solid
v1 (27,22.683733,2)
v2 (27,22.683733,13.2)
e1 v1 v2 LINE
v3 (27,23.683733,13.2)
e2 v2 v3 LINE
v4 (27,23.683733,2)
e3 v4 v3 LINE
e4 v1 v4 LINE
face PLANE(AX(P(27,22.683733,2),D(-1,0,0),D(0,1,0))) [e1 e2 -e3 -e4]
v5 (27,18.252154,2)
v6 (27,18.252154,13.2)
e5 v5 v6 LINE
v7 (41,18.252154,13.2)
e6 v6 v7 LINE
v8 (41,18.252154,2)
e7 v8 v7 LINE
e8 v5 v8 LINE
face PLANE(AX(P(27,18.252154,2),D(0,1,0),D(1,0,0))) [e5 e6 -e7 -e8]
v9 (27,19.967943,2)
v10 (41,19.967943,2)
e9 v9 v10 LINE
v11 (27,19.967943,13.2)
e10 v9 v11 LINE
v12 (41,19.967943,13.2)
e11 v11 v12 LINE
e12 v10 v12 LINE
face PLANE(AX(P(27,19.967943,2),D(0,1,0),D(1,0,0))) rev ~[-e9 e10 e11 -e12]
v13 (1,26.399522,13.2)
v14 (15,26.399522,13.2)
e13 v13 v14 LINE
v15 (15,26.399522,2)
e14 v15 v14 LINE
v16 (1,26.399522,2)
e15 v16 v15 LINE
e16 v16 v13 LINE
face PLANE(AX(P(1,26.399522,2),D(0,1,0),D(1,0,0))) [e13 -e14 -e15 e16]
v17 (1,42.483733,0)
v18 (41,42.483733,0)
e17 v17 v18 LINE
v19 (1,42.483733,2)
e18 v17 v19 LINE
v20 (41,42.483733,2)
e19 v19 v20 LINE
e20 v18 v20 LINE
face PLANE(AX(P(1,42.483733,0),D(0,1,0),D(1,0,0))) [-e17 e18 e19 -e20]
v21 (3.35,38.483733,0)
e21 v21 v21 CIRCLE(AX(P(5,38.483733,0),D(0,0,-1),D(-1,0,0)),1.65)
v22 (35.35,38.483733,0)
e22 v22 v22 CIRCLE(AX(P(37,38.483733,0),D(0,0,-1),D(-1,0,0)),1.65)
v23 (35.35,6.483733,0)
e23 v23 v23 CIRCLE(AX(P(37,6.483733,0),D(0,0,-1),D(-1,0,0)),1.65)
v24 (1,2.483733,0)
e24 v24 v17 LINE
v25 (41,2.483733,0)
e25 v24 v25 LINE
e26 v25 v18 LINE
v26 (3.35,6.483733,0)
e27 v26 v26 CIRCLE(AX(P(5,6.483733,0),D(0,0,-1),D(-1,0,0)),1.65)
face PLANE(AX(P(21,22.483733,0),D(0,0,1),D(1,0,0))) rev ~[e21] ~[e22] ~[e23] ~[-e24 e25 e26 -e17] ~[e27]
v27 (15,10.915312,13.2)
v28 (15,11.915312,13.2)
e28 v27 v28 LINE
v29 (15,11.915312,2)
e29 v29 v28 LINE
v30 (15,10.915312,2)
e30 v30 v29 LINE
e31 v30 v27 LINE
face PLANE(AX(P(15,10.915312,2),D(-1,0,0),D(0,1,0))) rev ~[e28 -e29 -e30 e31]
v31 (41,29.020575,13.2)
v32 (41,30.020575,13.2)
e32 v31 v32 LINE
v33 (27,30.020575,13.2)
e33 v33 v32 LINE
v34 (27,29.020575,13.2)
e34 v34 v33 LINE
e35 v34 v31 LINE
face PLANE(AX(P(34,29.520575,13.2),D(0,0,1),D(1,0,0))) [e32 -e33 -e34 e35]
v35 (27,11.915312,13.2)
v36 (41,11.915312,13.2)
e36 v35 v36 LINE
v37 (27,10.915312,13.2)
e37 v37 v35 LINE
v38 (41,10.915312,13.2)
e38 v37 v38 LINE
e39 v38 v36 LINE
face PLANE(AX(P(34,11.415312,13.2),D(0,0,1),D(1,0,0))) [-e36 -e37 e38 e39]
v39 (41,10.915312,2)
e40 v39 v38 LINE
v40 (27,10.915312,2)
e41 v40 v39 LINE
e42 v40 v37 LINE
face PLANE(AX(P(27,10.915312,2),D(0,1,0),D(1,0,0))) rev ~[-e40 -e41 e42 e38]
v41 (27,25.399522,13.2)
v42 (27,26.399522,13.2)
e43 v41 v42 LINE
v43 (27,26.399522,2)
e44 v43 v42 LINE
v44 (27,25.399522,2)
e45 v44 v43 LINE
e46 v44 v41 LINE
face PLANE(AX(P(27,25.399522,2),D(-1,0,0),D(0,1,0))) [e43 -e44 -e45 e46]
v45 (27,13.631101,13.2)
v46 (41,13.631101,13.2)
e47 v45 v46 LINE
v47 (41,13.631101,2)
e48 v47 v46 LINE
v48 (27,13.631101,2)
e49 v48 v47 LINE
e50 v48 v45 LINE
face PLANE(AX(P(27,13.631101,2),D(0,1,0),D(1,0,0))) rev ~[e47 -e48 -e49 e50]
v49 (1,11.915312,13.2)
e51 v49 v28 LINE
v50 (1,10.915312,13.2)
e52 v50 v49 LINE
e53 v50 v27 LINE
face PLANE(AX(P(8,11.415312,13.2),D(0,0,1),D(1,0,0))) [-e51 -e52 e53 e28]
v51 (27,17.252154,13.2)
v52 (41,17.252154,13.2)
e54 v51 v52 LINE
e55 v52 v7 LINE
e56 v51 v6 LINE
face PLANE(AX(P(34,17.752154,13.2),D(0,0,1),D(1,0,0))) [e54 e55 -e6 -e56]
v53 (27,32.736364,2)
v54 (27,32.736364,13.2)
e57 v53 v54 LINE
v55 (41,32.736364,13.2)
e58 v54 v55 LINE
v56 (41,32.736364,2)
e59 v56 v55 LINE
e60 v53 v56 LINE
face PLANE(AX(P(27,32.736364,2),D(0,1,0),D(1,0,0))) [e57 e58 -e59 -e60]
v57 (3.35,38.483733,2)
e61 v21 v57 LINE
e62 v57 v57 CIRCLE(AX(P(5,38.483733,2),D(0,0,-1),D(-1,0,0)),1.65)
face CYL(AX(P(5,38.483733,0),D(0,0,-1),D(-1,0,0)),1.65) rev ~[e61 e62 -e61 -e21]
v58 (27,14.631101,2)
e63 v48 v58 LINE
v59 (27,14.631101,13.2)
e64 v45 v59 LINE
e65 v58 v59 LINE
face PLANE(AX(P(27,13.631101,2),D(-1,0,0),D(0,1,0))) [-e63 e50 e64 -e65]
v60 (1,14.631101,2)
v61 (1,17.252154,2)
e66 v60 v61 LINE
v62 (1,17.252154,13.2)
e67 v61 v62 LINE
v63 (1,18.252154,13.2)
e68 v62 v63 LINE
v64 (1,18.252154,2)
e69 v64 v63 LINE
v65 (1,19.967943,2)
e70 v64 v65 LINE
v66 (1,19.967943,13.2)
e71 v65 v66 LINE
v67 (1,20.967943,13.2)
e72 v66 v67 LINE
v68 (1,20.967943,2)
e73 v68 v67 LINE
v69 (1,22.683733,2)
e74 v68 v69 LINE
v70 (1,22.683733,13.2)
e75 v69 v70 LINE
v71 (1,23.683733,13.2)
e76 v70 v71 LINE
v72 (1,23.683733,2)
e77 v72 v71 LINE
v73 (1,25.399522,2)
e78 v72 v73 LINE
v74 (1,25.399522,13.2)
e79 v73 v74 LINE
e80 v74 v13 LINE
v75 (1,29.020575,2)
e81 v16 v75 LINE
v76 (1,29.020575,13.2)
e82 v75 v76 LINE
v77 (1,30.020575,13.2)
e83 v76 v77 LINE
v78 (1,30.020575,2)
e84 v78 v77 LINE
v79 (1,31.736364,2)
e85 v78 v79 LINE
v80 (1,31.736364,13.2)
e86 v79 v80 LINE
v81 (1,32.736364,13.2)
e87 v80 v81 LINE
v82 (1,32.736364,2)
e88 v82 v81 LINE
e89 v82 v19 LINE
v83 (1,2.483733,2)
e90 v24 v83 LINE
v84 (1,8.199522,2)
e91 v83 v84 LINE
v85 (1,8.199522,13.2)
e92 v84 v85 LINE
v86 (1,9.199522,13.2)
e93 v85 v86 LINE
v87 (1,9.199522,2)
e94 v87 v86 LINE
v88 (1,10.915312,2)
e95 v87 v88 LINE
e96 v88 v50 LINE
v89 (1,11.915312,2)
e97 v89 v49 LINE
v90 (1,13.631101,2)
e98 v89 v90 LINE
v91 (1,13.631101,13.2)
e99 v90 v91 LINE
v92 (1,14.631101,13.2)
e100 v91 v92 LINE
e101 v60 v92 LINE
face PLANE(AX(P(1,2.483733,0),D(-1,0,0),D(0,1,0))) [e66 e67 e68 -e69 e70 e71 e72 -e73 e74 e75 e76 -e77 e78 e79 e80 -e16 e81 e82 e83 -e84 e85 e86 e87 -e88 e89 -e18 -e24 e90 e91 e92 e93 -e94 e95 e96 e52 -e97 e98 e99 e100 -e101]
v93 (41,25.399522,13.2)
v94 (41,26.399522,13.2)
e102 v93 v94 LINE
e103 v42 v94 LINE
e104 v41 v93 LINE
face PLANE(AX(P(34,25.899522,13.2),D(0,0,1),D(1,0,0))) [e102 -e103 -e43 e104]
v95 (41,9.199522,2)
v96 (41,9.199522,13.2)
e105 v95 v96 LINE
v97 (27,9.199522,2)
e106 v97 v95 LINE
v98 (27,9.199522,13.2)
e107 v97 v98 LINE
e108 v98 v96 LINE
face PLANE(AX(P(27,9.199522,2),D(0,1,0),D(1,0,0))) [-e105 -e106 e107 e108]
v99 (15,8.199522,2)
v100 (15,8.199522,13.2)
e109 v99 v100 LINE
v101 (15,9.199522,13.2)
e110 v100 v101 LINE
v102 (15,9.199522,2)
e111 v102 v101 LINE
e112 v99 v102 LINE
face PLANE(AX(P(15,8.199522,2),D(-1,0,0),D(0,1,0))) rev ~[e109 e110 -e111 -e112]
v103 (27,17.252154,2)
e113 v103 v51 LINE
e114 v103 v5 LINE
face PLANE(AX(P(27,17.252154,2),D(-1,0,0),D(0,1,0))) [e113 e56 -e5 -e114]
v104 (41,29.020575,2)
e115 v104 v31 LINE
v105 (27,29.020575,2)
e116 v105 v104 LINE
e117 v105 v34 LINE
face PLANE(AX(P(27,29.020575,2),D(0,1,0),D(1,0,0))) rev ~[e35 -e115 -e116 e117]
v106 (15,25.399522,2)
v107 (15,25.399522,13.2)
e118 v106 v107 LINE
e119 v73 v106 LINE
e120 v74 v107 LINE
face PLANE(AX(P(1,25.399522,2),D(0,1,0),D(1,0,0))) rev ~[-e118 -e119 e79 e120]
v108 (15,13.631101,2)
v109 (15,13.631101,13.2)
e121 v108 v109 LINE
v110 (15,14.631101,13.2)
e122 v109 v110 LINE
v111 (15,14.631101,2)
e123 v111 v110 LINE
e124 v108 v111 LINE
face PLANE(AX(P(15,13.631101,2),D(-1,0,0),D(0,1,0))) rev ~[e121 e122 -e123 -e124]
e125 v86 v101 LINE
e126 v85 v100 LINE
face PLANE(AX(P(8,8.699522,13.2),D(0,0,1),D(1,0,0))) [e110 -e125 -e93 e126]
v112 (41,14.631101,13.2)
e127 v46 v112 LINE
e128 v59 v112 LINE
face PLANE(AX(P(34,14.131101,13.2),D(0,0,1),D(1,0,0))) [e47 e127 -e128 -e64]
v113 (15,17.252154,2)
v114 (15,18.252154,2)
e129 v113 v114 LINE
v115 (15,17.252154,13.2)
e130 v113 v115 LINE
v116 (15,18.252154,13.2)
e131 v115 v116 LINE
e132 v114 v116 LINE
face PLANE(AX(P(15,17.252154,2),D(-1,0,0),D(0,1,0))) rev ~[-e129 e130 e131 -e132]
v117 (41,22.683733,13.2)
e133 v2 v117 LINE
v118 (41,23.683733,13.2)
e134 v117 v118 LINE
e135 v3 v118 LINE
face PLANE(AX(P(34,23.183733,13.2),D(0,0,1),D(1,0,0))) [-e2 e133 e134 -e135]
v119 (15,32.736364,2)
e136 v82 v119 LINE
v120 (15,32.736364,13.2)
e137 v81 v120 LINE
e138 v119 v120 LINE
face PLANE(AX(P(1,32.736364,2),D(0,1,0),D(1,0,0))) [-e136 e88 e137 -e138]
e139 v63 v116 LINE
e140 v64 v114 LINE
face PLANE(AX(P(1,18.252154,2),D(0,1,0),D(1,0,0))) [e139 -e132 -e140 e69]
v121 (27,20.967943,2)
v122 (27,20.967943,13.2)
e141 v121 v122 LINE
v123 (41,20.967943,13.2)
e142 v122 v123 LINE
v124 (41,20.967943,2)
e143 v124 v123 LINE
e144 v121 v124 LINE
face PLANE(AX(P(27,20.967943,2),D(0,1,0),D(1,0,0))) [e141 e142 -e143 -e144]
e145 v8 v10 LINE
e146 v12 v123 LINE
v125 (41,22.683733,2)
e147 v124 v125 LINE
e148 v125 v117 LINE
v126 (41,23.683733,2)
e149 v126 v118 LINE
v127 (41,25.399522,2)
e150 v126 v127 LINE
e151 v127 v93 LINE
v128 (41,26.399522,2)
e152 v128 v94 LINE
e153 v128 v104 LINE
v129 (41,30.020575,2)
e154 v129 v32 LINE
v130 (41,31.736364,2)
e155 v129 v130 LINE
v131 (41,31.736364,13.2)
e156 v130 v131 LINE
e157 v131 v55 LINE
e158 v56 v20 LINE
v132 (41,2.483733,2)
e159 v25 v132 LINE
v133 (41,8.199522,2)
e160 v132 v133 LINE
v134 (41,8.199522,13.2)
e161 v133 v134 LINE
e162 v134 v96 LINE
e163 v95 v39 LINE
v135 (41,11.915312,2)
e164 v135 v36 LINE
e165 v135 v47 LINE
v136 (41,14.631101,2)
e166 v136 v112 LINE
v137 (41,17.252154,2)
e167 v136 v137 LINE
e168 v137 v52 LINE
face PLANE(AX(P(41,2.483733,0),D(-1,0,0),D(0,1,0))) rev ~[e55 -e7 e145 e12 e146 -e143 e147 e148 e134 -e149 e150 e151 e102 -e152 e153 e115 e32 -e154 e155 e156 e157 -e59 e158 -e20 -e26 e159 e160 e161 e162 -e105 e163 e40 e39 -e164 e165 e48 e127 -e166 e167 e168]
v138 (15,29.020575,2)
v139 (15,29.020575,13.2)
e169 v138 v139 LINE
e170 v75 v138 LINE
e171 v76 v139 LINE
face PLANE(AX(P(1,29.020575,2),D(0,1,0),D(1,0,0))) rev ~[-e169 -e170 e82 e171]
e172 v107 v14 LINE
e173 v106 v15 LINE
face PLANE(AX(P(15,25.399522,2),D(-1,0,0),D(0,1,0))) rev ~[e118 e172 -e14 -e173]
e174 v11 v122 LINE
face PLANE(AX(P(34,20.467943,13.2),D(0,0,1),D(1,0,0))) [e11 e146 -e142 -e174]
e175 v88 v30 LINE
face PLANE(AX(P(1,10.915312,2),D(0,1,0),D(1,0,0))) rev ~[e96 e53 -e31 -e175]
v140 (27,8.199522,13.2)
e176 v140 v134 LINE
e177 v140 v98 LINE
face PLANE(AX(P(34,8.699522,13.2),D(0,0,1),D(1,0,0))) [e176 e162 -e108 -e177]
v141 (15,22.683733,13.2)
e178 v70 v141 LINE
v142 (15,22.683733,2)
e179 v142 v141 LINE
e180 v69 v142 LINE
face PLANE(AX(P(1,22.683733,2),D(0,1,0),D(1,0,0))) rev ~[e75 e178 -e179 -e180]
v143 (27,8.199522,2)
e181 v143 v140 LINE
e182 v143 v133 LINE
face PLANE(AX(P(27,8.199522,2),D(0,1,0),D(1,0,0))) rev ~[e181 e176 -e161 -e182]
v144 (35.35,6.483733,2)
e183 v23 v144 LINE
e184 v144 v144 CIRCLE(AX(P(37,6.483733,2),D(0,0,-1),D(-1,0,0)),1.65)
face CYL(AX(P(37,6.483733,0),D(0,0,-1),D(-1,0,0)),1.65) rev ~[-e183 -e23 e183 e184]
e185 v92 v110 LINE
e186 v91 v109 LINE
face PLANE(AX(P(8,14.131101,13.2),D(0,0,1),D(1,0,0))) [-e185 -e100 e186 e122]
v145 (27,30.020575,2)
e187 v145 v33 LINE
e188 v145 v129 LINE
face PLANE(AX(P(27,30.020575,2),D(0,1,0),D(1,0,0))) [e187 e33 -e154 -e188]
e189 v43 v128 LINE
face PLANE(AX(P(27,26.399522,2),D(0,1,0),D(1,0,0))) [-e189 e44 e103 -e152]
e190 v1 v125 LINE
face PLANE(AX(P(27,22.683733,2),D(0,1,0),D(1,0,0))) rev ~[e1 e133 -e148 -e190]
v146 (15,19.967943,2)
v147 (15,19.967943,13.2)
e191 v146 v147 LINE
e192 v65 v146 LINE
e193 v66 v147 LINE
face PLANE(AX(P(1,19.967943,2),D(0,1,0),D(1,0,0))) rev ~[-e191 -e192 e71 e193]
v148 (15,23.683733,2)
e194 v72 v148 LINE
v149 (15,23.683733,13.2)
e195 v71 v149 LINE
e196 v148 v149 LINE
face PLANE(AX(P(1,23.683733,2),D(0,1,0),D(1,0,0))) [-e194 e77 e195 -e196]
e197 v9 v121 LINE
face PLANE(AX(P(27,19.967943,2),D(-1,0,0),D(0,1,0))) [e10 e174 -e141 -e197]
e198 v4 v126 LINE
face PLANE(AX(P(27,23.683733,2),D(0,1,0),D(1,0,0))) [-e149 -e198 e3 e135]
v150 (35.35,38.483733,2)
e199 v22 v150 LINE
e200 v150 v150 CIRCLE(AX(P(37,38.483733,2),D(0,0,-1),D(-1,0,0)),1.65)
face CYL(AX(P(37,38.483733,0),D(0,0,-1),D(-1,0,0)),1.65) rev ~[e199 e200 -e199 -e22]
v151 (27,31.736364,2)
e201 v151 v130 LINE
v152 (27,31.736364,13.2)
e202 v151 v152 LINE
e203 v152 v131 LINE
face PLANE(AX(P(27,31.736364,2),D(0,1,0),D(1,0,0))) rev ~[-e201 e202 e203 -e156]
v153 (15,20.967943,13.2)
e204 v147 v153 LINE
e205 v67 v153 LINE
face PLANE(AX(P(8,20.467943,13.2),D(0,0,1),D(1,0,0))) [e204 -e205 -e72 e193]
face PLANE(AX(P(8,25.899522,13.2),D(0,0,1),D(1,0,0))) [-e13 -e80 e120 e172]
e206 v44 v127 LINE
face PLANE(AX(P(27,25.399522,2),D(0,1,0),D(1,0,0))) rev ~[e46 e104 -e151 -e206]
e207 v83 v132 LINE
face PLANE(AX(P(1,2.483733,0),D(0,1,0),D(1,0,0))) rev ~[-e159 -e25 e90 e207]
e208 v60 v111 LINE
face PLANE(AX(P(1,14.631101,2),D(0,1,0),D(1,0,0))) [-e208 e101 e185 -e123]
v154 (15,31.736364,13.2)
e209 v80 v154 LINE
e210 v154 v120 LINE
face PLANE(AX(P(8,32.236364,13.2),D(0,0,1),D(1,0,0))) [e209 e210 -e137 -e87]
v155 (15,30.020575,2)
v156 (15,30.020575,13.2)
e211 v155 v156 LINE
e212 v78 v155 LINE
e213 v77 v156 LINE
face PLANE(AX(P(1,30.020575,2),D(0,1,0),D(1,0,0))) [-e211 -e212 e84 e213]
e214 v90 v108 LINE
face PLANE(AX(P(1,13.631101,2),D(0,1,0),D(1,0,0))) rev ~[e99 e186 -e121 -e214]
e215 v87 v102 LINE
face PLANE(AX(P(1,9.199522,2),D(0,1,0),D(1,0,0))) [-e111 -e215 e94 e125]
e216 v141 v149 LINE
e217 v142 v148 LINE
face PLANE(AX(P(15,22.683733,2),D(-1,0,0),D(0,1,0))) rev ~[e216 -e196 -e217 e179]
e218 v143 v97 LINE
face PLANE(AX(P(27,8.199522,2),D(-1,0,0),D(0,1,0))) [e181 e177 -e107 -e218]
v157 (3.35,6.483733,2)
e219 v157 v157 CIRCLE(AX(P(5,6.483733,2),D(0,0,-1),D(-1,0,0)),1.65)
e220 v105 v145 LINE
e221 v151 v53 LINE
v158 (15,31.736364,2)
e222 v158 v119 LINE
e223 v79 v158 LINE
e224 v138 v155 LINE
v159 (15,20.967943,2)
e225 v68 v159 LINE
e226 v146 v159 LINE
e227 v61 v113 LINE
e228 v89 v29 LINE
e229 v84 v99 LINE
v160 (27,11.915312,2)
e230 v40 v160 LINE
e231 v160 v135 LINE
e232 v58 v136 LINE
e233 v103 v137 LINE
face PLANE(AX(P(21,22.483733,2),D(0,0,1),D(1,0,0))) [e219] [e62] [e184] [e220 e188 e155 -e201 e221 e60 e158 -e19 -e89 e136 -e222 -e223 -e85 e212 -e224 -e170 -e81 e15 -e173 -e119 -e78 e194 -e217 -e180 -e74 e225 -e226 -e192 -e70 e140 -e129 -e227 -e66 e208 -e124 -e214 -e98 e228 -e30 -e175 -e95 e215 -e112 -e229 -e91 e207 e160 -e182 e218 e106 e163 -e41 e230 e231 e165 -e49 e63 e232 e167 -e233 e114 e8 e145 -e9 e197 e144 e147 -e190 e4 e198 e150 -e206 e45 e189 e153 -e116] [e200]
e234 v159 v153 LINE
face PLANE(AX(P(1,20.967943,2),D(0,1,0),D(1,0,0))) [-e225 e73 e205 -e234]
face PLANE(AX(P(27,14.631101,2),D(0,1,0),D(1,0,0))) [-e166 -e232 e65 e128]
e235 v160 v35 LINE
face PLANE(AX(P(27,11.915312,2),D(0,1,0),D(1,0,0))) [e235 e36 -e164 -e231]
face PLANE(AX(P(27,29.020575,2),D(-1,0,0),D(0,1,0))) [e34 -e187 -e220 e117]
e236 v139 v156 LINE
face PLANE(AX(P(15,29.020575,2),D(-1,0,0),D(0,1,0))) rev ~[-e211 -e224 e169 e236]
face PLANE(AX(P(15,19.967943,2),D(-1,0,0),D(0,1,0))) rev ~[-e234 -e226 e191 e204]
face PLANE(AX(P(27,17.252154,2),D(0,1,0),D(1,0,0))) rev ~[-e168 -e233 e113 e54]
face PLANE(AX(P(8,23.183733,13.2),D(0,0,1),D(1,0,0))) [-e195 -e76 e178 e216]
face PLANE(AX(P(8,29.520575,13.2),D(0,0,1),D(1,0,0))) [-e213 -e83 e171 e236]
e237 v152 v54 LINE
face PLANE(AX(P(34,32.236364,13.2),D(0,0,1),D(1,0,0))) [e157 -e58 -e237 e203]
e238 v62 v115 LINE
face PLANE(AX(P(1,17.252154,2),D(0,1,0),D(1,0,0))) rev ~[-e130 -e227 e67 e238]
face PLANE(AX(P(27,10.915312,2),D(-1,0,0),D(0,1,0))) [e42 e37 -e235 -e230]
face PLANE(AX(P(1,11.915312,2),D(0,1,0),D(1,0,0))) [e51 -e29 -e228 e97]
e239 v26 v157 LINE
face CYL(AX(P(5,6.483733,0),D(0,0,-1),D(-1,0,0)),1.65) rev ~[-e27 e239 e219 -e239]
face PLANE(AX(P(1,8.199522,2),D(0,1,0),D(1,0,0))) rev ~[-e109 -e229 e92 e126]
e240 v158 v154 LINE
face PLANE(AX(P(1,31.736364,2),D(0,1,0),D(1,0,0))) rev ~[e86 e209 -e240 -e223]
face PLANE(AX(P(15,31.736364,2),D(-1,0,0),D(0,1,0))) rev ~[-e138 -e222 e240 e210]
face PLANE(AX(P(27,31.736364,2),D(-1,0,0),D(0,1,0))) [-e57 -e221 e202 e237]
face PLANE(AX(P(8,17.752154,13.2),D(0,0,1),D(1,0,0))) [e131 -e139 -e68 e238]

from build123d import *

# Parameters (mm, degrees)
SKETCH1_W            = 40
SKETCH1_H            = 40
BOSS_EXTRUDE1_DEPTH  = 2
EXTRUDE_THIN1_START  = 2
SKETCH1_3_W          = 14
SKETCH1_3_H          = 1
EXTRUDE_THIN1_DEPTH  = 11.2
SKETCH3_R            = 1.65
CUT_EXTRUDE1_DEPTH   = 13.2
LPATTERN1_COUNT      = 2
LPATTERN1_PITCH      = 32
LPATTERN1_COUNT_DIR2 = 2
LPATTERN1_PITCH_DIR2 = 32


with BuildPart() as part:
    # Sketch1 → Boss-Extrude1 (new body)
    with BuildSketch(Plane.XY):
        with Locations((21, 22.483732861)):
            Rectangle(SKETCH1_W, SKETCH1_H)
    extrude(amount=BOSS_EXTRUDE1_DEPTH)

    # Sketch1<3> → Extrude-Thin1 (add)
    with BuildSketch(Plane.XY.offset(EXTRUDE_THIN1_START)):
        with Locations((34, 8.699522335)):
            Rectangle(SKETCH1_3_W, SKETCH1_3_H)
        with Locations((34, 11.415311808)):
            Rectangle(SKETCH1_3_W, SKETCH1_3_H)
        with Locations((34, 14.131101282)):
            Rectangle(SKETCH1_3_W, SKETCH1_3_H)
        with Locations((34, 17.752153914)):
            Rectangle(SKETCH1_3_W, SKETCH1_3_H)
        with Locations((34, 20.467943387)):
            Rectangle(SKETCH1_3_W, SKETCH1_3_H)
        with Locations((34, 23.183732861)):
            Rectangle(SKETCH1_3_W, SKETCH1_3_H)
        with Locations((34, 25.899522335)):
            Rectangle(SKETCH1_3_W, SKETCH1_3_H)
        with Locations((34, 29.520574966)):
            Rectangle(SKETCH1_3_W, SKETCH1_3_H)
        with Locations((34, 32.23636444)):
            Rectangle(SKETCH1_3_W, SKETCH1_3_H)
        with Locations((8, 8.699522335)):
            Rectangle(SKETCH1_3_W, SKETCH1_3_H)
        with Locations((8, 11.415311808)):
            Rectangle(SKETCH1_3_W, SKETCH1_3_H)
        with Locations((8, 14.131101282)):
            Rectangle(SKETCH1_3_W, SKETCH1_3_H)
        with Locations((8, 17.752153914)):
            Rectangle(SKETCH1_3_W, SKETCH1_3_H)
        with Locations((8, 20.467943387)):
            Rectangle(SKETCH1_3_W, SKETCH1_3_H)
        with Locations((8, 23.183732861)):
            Rectangle(SKETCH1_3_W, SKETCH1_3_H)
        with Locations((8, 25.899522335)):
            Rectangle(SKETCH1_3_W, SKETCH1_3_H)
        with Locations((8, 29.520574966)):
            Rectangle(SKETCH1_3_W, SKETCH1_3_H)
        with Locations((8, 32.23636444)):
            Rectangle(SKETCH1_3_W, SKETCH1_3_H)
    extrude(amount=EXTRUDE_THIN1_DEPTH)

    # Sketch3 → Cut-Extrude1 (cut)
    with BuildSketch(Plane(origin=(0, 0, 0), x_dir=(-1, 0, 0), z_dir=(0, 0, -1))):
        with Locations((-37, 6.483732861)):
            Circle(SKETCH3_R)
    cut_extrude1 = extrude(amount=-CUT_EXTRUDE1_DEPTH, mode=Mode.SUBTRACT)

    # LPattern1: Cut-Extrude1 2 × 2
    with Locations(*[(-i * LPATTERN1_PITCH, j * LPATTERN1_PITCH_DIR2, 0) for i in range(LPATTERN1_COUNT) for j in range(LPATTERN1_COUNT_DIR2) if (i, j) != (0, 0)]):
        add(cut_extrude1, mode=Mode.SUBTRACT)


solid = part.part
